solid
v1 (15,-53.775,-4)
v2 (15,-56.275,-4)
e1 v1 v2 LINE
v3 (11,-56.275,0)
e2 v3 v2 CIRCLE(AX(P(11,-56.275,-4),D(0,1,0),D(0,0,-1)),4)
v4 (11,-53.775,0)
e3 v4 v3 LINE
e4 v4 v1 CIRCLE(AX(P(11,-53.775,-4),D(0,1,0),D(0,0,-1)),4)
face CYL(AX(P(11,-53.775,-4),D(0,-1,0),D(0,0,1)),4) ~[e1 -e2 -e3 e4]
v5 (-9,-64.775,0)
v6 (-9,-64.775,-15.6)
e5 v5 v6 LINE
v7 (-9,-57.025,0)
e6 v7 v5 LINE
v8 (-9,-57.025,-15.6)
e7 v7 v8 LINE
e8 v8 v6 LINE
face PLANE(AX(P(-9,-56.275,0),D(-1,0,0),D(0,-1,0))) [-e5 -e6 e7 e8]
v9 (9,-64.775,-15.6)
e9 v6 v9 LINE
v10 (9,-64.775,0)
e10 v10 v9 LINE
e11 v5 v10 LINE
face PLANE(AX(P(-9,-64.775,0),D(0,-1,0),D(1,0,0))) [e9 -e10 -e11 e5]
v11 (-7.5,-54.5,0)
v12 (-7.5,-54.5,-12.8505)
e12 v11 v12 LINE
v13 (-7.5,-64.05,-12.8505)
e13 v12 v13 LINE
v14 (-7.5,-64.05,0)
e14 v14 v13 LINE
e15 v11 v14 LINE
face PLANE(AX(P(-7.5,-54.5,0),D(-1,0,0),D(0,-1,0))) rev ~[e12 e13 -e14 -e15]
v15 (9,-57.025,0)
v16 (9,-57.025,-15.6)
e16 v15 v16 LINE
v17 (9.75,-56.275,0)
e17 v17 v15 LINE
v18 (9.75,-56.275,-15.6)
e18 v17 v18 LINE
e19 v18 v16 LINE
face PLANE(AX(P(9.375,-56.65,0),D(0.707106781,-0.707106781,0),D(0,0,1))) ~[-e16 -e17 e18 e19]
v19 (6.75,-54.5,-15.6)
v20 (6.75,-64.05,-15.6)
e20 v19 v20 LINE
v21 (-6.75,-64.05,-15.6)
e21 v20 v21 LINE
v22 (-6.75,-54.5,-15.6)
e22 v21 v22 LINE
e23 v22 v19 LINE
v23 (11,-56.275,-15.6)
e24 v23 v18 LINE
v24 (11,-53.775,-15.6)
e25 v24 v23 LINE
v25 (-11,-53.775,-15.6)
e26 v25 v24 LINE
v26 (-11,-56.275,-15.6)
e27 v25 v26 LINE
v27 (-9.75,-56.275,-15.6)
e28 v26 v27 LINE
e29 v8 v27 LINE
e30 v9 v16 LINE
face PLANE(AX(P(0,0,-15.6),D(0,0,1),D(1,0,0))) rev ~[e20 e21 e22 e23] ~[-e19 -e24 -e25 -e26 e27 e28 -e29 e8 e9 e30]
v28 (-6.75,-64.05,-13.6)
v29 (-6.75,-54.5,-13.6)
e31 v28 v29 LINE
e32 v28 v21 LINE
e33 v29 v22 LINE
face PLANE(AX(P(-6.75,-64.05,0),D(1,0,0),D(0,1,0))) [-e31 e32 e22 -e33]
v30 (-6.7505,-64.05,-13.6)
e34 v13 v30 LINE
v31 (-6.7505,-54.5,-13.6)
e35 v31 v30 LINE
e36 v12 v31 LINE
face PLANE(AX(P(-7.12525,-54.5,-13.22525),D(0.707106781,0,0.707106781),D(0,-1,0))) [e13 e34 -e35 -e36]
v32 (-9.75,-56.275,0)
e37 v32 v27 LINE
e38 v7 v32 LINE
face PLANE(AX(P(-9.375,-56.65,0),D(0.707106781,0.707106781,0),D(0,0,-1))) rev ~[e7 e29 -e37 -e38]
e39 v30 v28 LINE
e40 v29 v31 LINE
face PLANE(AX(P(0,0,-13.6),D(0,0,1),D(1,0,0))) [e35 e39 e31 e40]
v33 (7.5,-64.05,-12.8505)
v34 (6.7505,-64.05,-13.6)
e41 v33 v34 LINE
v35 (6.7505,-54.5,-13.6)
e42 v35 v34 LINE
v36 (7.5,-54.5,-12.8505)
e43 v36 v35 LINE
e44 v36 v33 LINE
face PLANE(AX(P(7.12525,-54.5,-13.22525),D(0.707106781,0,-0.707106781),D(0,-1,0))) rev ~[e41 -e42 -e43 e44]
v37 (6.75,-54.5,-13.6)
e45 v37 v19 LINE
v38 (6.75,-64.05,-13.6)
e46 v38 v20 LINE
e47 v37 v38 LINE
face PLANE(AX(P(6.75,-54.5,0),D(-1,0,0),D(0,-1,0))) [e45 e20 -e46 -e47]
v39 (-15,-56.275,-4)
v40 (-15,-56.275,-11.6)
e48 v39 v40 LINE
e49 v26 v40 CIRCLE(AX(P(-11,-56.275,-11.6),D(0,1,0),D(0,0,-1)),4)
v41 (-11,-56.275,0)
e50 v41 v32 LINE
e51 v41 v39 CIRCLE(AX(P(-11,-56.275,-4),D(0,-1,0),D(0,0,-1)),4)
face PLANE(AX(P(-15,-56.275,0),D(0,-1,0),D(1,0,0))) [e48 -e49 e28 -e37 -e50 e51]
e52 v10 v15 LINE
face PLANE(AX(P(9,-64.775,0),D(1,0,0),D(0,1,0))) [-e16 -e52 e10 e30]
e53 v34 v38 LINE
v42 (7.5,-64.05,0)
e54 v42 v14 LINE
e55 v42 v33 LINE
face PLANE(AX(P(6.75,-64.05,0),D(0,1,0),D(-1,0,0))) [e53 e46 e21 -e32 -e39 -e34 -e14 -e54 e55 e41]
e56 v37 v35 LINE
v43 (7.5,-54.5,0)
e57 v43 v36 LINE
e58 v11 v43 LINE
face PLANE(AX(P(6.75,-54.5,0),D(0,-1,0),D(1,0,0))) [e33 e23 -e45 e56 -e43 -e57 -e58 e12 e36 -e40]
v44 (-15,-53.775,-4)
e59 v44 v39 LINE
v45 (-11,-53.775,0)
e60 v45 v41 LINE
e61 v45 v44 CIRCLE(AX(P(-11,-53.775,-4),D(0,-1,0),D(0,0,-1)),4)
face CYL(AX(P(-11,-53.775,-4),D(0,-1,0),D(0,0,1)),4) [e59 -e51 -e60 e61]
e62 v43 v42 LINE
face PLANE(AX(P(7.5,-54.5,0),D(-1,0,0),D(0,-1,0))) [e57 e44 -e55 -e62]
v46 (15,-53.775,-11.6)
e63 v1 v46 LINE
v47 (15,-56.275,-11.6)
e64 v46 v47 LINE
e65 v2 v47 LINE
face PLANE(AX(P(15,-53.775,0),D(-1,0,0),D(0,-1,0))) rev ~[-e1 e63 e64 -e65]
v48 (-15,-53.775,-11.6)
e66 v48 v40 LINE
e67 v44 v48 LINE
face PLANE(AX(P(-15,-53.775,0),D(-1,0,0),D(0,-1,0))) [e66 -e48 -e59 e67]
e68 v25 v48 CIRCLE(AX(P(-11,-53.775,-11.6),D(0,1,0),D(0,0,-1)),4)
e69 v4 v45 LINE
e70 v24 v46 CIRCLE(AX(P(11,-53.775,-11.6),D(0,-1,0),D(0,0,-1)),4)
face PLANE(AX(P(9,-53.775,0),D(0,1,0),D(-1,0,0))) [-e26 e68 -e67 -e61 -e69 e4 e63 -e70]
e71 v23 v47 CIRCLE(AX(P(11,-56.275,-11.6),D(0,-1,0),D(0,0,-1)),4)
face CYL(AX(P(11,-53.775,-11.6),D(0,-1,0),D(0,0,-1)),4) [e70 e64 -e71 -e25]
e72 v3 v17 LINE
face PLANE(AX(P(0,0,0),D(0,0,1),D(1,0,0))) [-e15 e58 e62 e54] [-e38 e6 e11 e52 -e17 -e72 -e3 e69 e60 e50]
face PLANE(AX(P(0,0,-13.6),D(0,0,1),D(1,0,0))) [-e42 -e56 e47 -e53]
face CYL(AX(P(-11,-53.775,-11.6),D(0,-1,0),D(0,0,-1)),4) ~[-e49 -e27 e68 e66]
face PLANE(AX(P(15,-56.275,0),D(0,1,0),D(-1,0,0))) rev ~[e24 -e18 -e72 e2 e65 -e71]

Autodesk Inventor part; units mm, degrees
ref_plane "YZ Plane" through (0, 0, 0) normal (1, 0, 0) x (0, 1, 0)
ref_plane "XZ Plane" through (0, 0, 0) normal (0, 1, 0) x (-1, 0, 0)
ref_plane "XY Plane" through (0, 0, 0) normal (0, 0, 1) x (1, 0, 0)
sketch "Sketch1" plane through (0, 0, 0) normal (0, 0, 1) x (1, 0, 0)
  ellipse E0 centre (0, 0) end of major axis (0, 70) minor radius 61.5 construction
  line L0 (-6.6, -55) -> (6.6, -55) construction
  line L1 (6.6, -55) -> (6.6, -63.55) construction
  line L2 (6.6, -63.55) -> (-6.6, -63.55) construction
  line L3 (-6.6, -63.55) -> (-6.6, -55) construction
  line L4 (0, 0) -> (0, -55) construction
  line L5 (-6.75, -54.5) -> (6.75, -54.5)
  line L6 (6.75, -54.5) -> (6.75, -64.05)
  line L7 (6.75, -64.05) -> (-6.75, -64.05)
  line L8 (-6.75, -64.05) -> (-6.75, -54.5)
  line L9 (9, -53.775) -> (-9, -53.775)
  line L10 (-9, -53.775) -> (-9, -64.775)
  line L11 (-9, -64.775) -> (9, -64.775)
  line L12 (9, -64.775) -> (9, -53.775)
  line L13 (6.75, -59.275) -> (-6.75, -59.275) construction
  line L14 (9, -53.775) -> (15, -53.775)
  line L15 (15, -53.775) -> (15, -56.275)
  line L16 (15, -56.275) -> (9, -56.275)
  line L17 (9, -56.275) -> (9, -53.775)
  line L18 (-9, -53.775) -> (-15, -53.775)
  line L19 (-15, -53.775) -> (-15, -56.275)
  line L20 (-15, -56.275) -> (-9, -56.275)
  dimension "d0" = 8.55
  dimension "d1" = 13.2
  dimension "d2" = 55
  dimension "d3" = 0.5
  dimension "d4" = 0.5
  dimension "d5" = 13.5
  dimension "d6" = 6.75
  dimension "d7" = 18
  dimension "d8" = 9
  dimension "d9" = 11
  dimension "d10" = 5.5
  dimension "d20" = 2.5
  dimension "d21" = 6
extrude "Extrusion1" add sketch "Sketch1" against normal blind 15.6
sketch "Sketch2" plane through (0, 0, 0) normal (0, 0, 1) x (1, 0, 0)
  line L0 (-9, -56.275) -> (-9, -64.775) projected
  line L1 (-9, -64.775) -> (9, -64.775) projected
  line L2 (9, -64.775) -> (9, -56.275) projected
  line L3 (-6.75, -54.5) -> (6.75, -54.5) projected
  line L4 (6.75, -54.5) -> (6.75, -64.05) projected
  line L5 (6.75, -64.05) -> (-6.75, -64.05) projected
  line L6 (-6.75, -64.05) -> (-6.75, -54.5) projected
  line L7 (6.75, -54.5) -> (7.5, -54.5)
  line L8 (7.5, -54.5) -> (7.5, -64.05)
  line L9 (7.5, -64.05) -> (6.75, -64.05)
  line L10 (6.75, -64.05) -> (6.75, -54.5)
  line L11 (-6.75, -54.5) -> (-7.5, -54.5)
  line L12 (-7.5, -54.5) -> (-7.5, -64.05)
  line L13 (-7.5, -64.05) -> (-6.75, -64.05)
  line L14 (-6.75, -64.05) -> (-6.75, -54.5)
  line L15 (6.75, -64.05) -> (-6.75, -64.05) projected
  line L16 (9, -56.275) -> (15, -56.275) projected
  line L17 (15, -56.275) -> (15, -53.775) projected
  line L18 (15, -53.775) -> (-15, -53.775) projected
  line L19 (-15, -53.775) -> (-15, -56.275) projected
  line L20 (-15, -56.275) -> (-9, -56.275) projected
  point P0 (0, 0)
  dimension "d13" = 0.75
  dimension "d14" = 0.75
extrude "Extrusion2" cut sketch "Sketch2" against normal blind 13.6 contours L6 L13 L12 L11 | L7 L8 L9 L4
chamfer "Chamfer1" distance 0.75 angle 45 2 edges at (7.5, -59.275, -13.6) (-7.5, -59.275, -13.6)
fillet "Fillet1" radius 4 4 edges at (15, -55.025, -15.6) (15, -55.025, 0) (-15, -55.025, 0) (-15, -55.025, -15.6)
chamfer "Chamfer2" distance 0.75 angle 45 2 edges at (9, -56.275, -7.8) (-9, -56.275, -7.8)
equation "\"d6\" = 0.5 * d5"
equation "\"d8\" = 0.5 * d7"
equation "\"d10\" = 0.5 * d9"
properties part number "new_power_switch"
